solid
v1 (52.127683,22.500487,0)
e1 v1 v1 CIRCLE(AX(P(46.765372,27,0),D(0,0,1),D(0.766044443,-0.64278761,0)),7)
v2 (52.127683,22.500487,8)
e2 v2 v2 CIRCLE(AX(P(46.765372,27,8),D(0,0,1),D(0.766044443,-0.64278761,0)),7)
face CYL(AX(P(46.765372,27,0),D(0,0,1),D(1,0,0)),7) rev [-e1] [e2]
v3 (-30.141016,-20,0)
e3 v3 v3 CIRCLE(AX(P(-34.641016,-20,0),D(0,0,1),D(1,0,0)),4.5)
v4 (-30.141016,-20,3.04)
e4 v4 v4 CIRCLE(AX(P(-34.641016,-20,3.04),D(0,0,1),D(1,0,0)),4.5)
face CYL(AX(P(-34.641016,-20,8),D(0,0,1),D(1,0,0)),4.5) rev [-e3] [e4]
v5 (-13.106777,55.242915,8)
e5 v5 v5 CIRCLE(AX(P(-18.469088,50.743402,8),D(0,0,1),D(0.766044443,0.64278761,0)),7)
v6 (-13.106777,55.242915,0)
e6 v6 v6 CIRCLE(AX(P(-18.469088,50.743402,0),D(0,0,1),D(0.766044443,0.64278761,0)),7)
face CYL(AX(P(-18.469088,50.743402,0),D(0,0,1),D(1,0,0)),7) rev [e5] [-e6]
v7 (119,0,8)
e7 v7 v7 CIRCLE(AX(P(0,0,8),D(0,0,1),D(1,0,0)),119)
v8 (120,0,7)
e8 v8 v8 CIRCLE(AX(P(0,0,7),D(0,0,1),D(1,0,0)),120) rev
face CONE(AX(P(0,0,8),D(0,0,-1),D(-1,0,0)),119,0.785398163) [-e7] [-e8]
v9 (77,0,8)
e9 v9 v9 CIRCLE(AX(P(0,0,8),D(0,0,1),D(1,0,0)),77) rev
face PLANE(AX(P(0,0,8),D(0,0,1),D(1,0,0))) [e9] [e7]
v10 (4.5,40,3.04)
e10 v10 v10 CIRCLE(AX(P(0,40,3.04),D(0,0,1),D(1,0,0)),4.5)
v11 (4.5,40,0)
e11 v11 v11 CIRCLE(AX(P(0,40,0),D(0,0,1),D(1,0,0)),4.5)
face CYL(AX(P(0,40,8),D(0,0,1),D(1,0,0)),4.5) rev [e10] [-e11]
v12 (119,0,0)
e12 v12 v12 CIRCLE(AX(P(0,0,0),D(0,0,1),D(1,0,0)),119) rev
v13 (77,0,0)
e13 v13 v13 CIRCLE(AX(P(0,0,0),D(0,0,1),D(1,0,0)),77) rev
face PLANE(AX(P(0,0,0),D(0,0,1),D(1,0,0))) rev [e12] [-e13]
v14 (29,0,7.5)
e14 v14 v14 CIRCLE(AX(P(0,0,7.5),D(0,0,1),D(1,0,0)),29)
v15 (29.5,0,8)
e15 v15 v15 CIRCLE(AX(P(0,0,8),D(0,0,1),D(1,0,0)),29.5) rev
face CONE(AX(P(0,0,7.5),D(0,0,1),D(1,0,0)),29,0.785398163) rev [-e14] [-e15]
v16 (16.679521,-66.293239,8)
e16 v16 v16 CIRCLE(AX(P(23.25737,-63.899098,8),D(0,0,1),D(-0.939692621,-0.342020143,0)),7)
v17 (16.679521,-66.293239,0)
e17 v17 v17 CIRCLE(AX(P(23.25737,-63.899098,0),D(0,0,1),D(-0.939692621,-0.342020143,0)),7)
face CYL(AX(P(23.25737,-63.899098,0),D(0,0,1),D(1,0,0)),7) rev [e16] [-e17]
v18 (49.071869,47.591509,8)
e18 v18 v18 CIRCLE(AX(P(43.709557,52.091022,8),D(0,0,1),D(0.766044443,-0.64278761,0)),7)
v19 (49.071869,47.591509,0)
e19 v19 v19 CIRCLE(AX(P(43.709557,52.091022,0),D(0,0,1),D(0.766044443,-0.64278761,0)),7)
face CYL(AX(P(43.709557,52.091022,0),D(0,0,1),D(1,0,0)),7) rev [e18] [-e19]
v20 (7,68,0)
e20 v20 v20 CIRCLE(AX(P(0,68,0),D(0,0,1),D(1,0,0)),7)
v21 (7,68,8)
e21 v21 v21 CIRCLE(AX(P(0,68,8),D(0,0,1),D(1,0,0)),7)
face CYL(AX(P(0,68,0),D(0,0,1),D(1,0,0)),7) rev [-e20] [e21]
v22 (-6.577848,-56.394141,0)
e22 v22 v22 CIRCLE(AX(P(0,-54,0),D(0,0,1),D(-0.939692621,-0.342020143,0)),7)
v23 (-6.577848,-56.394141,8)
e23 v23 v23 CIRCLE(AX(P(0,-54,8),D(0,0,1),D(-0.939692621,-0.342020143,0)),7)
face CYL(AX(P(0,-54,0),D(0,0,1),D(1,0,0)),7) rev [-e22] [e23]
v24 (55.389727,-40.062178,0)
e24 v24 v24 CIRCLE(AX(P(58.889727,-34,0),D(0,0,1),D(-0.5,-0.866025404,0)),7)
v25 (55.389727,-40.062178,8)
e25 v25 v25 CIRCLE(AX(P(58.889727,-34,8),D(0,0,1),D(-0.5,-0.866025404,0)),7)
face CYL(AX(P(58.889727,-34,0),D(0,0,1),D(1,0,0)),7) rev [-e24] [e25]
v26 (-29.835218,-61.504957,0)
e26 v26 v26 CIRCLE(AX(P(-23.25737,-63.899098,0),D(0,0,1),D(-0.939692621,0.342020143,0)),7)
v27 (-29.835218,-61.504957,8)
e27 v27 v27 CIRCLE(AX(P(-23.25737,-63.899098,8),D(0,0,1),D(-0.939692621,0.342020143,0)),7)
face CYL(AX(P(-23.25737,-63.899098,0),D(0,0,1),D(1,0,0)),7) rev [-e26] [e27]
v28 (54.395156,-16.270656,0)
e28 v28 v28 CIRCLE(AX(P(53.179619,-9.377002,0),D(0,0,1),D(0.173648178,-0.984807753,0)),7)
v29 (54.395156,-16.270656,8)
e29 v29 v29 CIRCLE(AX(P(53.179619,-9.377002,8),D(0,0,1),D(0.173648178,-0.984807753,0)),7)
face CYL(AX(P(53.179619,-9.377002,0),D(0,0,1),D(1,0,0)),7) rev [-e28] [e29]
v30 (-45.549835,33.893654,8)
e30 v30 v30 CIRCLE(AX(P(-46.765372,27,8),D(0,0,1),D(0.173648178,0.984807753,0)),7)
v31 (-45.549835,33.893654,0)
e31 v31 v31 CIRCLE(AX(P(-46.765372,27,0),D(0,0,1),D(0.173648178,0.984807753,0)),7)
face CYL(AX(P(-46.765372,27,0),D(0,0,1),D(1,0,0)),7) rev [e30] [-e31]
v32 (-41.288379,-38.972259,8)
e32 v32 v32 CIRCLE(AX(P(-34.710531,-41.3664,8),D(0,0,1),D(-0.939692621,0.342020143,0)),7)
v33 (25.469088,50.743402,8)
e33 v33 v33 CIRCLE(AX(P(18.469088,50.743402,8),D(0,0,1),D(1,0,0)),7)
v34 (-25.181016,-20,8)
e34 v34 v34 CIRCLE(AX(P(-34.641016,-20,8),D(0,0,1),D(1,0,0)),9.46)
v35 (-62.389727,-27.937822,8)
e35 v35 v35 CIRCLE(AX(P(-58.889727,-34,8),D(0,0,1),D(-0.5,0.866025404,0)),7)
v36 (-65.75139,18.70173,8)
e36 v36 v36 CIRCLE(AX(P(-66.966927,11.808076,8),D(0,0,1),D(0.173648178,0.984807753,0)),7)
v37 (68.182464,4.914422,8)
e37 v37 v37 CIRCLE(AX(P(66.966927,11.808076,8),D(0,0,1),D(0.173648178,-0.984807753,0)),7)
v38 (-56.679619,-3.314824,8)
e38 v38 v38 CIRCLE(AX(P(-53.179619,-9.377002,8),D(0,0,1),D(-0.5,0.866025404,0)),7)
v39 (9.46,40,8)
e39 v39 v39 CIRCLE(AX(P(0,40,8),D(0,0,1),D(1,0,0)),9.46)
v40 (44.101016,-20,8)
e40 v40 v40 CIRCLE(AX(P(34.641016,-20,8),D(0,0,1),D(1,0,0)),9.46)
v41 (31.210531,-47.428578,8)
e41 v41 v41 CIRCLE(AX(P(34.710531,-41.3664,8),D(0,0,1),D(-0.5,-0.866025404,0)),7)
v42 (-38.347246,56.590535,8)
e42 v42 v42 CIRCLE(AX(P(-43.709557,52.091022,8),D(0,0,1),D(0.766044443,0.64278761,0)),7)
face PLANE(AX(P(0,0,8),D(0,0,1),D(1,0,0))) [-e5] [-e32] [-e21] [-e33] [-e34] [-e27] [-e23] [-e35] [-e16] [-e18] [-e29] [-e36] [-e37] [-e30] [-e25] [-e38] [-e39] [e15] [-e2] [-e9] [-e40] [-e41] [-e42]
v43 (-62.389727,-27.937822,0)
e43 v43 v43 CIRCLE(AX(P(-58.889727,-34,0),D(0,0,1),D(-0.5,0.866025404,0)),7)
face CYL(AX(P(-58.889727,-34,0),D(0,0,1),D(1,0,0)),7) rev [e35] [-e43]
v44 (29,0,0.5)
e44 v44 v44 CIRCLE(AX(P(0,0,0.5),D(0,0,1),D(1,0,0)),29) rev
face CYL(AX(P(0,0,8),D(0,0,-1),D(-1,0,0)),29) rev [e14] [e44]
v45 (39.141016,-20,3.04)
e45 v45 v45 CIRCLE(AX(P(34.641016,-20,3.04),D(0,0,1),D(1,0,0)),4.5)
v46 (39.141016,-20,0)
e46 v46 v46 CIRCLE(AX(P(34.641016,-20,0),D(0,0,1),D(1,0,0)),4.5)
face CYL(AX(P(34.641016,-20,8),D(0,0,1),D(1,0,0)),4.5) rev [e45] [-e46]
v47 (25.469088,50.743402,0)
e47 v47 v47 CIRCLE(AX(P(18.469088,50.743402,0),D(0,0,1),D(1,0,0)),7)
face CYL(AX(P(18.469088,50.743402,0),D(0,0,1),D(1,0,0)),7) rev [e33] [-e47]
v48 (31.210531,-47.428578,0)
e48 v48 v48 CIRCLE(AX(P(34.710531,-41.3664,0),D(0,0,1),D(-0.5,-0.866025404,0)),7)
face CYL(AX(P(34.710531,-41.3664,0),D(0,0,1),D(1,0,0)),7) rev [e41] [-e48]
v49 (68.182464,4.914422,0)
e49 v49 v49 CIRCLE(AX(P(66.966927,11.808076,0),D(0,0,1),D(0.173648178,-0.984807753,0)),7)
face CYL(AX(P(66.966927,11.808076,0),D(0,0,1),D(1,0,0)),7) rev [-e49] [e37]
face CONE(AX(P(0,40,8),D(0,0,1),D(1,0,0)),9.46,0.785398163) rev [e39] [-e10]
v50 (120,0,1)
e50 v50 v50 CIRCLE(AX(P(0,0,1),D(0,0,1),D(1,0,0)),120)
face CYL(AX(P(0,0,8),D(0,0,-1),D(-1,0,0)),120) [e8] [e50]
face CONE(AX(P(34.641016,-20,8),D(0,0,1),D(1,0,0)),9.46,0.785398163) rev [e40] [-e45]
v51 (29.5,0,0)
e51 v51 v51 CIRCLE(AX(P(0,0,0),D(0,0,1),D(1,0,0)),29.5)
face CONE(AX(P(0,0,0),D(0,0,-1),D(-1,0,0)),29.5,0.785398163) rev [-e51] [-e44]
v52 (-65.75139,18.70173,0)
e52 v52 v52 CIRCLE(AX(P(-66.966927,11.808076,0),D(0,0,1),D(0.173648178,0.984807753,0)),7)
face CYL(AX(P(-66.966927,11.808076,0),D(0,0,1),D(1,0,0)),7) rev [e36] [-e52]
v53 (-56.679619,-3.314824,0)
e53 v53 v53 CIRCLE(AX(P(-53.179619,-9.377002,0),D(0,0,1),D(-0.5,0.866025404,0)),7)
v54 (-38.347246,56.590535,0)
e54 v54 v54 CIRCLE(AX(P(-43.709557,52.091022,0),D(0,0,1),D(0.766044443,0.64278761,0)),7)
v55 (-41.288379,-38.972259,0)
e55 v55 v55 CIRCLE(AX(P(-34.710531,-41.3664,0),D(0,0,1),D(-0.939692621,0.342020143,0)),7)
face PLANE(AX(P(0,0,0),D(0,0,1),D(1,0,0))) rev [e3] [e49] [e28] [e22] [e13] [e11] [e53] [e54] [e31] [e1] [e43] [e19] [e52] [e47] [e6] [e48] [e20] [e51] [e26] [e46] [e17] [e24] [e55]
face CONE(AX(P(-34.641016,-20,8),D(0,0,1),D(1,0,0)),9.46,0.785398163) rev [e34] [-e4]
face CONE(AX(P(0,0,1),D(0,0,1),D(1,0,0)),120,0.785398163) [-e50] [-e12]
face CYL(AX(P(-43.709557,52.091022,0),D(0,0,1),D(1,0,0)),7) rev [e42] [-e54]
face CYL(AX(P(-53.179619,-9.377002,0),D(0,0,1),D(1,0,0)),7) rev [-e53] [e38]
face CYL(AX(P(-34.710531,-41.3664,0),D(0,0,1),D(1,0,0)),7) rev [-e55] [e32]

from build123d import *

# Parameters (mm, degrees)
SKICA1_R                                          = 120
SKICA1_R_2                                        = 29
P_IDAT_VYSUNUT_M1_DEPTH                           = 8
KU_ELOV_ZAHLOUBEN_PRO_M8_ROUBY_S_Z_PU_D           = 9
KU_ELOV_ZAHLOUBEN_PRO_M8_ROUBY_S_Z_PU_DEPTH       = 8
KU_ELOV_ZAHLOUBEN_PRO_M8_ROUBY_S_Z_PU_CSINK_D     = 18.92
KU_ELOV_ZAHLOUBEN_PRO_M8_ROUBY_S_Z_PU_CSINK_ANGLE = 90
KU_ELOV_ZAHLOUBEN_PRO_M8_ROUBY_S_Z_PU_TIP         = 2.703872786
ZKOSEN_1_SIZE                                     = 0.5
ZKOSEN_2_SIZE                                     = 0.5
SKICA4_R                                          = 7
ODEBRAT_VYSUNUT_M1_DEPTH                          = 170.894084653
KRUHOV_POLE1_COUNT                                = 9
ZKOSEN_3_SIZE                                     = 1
SKICA6_R                                          = 7
ODEBRAT_VYSUNUT_M2_DEPTH                          = 170.894084653
KRUHOV_POLE2_COUNT                                = 9


with BuildPart() as part:
    # Skica1 → Přidat vysunutím1 (new body)
    with BuildSketch(Plane.XY):
        Circle(SKICA1_R)
        Circle(SKICA1_R_2, mode=Mode.SUBTRACT)
    extrude(amount=P_IDAT_VYSUNUT_M1_DEPTH)

    # Kuželové zahloubení pro M8 šrouby s zápustnou hlavou s vnitřním šestihranem1
    with Locations(Plane.XY.offset(8)):
        with Locations((0, 40), (34.641016151, -20), (-34.641016151, -20)):
            CounterSinkHole(KU_ELOV_ZAHLOUBEN_PRO_M8_ROUBY_S_Z_PU_D / 2, KU_ELOV_ZAHLOUBEN_PRO_M8_ROUBY_S_Z_PU_CSINK_D / 2, depth=KU_ELOV_ZAHLOUBEN_PRO_M8_ROUBY_S_Z_PU_DEPTH, counter_sink_angle=KU_ELOV_ZAHLOUBEN_PRO_M8_ROUBY_S_Z_PU_CSINK_ANGLE)
            with Locations((0, 0, -(KU_ELOV_ZAHLOUBEN_PRO_M8_ROUBY_S_Z_PU_DEPTH + KU_ELOV_ZAHLOUBEN_PRO_M8_ROUBY_S_Z_PU_TIP / 2))):  # 118° drill point
                Cone(0, KU_ELOV_ZAHLOUBEN_PRO_M8_ROUBY_S_Z_PU_D / 2, KU_ELOV_ZAHLOUBEN_PRO_M8_ROUBY_S_Z_PU_TIP, mode=Mode.SUBTRACT)

    # Zkosení1
    zkosen_1_edges = [part.edges().sort_by_distance(p)[0] for p in [
        (-29, 0, 0),
    ]]
    chamfer(zkosen_1_edges, length=ZKOSEN_1_SIZE)

    # Zkosení2
    zkosen_2_edges = [part.edges().sort_by_distance(p)[0] for p in [
        (-29, 0, 8),
    ]]
    chamfer(zkosen_2_edges, length=ZKOSEN_2_SIZE)

    # Skica4 → Odebrat vysunutím1 (cut, through all)
    with BuildSketch(Plane.XY.offset(8)):
        with Locations((18.46908774, 50.743401522)):
            Circle(SKICA4_R)
    odebrat_vysunut_m1 = extrude(amount=-ODEBRAT_VYSUNUT_M1_DEPTH, mode=Mode.SUBTRACT)

    # Kruhové pole1: Odebrat vysunutím1 ×9 about axis
    kruhov_pole1_axis = Axis((0, 0, 7.5), (0, 0, -1))
    for i in range(1, KRUHOV_POLE1_COUNT):
        add(odebrat_vysunut_m1.rotate(kruhov_pole1_axis, i * 360 / KRUHOV_POLE1_COUNT), mode=Mode.SUBTRACT)

    # Zkosení3
    zkosen_3_edges = [part.edges().sort_by_distance(p)[0] for p in [
        (-120, 0, 0),
        (-120, 0, 8),
    ]]
    chamfer(zkosen_3_edges, length=ZKOSEN_3_SIZE)

    # Skica6 → Odebrat vysunutím2 (cut, through all)
    with BuildSketch(Plane.XY.offset(8)):
        with Locations((0, 68)):
            Circle(SKICA6_R)
    odebrat_vysunut_m2 = extrude(amount=-ODEBRAT_VYSUNUT_M2_DEPTH, mode=Mode.SUBTRACT)

    # Kruhové pole2: Odebrat vysunutím2 ×9 about axis
    kruhov_pole2_axis = Axis((0, 0, 7.5), (0, 0, -1))
    for i in range(1, KRUHOV_POLE2_COUNT):
        add(odebrat_vysunut_m2.rotate(kruhov_pole2_axis, i * 360 / KRUHOV_POLE2_COUNT), mode=Mode.SUBTRACT)


solid = part.part
